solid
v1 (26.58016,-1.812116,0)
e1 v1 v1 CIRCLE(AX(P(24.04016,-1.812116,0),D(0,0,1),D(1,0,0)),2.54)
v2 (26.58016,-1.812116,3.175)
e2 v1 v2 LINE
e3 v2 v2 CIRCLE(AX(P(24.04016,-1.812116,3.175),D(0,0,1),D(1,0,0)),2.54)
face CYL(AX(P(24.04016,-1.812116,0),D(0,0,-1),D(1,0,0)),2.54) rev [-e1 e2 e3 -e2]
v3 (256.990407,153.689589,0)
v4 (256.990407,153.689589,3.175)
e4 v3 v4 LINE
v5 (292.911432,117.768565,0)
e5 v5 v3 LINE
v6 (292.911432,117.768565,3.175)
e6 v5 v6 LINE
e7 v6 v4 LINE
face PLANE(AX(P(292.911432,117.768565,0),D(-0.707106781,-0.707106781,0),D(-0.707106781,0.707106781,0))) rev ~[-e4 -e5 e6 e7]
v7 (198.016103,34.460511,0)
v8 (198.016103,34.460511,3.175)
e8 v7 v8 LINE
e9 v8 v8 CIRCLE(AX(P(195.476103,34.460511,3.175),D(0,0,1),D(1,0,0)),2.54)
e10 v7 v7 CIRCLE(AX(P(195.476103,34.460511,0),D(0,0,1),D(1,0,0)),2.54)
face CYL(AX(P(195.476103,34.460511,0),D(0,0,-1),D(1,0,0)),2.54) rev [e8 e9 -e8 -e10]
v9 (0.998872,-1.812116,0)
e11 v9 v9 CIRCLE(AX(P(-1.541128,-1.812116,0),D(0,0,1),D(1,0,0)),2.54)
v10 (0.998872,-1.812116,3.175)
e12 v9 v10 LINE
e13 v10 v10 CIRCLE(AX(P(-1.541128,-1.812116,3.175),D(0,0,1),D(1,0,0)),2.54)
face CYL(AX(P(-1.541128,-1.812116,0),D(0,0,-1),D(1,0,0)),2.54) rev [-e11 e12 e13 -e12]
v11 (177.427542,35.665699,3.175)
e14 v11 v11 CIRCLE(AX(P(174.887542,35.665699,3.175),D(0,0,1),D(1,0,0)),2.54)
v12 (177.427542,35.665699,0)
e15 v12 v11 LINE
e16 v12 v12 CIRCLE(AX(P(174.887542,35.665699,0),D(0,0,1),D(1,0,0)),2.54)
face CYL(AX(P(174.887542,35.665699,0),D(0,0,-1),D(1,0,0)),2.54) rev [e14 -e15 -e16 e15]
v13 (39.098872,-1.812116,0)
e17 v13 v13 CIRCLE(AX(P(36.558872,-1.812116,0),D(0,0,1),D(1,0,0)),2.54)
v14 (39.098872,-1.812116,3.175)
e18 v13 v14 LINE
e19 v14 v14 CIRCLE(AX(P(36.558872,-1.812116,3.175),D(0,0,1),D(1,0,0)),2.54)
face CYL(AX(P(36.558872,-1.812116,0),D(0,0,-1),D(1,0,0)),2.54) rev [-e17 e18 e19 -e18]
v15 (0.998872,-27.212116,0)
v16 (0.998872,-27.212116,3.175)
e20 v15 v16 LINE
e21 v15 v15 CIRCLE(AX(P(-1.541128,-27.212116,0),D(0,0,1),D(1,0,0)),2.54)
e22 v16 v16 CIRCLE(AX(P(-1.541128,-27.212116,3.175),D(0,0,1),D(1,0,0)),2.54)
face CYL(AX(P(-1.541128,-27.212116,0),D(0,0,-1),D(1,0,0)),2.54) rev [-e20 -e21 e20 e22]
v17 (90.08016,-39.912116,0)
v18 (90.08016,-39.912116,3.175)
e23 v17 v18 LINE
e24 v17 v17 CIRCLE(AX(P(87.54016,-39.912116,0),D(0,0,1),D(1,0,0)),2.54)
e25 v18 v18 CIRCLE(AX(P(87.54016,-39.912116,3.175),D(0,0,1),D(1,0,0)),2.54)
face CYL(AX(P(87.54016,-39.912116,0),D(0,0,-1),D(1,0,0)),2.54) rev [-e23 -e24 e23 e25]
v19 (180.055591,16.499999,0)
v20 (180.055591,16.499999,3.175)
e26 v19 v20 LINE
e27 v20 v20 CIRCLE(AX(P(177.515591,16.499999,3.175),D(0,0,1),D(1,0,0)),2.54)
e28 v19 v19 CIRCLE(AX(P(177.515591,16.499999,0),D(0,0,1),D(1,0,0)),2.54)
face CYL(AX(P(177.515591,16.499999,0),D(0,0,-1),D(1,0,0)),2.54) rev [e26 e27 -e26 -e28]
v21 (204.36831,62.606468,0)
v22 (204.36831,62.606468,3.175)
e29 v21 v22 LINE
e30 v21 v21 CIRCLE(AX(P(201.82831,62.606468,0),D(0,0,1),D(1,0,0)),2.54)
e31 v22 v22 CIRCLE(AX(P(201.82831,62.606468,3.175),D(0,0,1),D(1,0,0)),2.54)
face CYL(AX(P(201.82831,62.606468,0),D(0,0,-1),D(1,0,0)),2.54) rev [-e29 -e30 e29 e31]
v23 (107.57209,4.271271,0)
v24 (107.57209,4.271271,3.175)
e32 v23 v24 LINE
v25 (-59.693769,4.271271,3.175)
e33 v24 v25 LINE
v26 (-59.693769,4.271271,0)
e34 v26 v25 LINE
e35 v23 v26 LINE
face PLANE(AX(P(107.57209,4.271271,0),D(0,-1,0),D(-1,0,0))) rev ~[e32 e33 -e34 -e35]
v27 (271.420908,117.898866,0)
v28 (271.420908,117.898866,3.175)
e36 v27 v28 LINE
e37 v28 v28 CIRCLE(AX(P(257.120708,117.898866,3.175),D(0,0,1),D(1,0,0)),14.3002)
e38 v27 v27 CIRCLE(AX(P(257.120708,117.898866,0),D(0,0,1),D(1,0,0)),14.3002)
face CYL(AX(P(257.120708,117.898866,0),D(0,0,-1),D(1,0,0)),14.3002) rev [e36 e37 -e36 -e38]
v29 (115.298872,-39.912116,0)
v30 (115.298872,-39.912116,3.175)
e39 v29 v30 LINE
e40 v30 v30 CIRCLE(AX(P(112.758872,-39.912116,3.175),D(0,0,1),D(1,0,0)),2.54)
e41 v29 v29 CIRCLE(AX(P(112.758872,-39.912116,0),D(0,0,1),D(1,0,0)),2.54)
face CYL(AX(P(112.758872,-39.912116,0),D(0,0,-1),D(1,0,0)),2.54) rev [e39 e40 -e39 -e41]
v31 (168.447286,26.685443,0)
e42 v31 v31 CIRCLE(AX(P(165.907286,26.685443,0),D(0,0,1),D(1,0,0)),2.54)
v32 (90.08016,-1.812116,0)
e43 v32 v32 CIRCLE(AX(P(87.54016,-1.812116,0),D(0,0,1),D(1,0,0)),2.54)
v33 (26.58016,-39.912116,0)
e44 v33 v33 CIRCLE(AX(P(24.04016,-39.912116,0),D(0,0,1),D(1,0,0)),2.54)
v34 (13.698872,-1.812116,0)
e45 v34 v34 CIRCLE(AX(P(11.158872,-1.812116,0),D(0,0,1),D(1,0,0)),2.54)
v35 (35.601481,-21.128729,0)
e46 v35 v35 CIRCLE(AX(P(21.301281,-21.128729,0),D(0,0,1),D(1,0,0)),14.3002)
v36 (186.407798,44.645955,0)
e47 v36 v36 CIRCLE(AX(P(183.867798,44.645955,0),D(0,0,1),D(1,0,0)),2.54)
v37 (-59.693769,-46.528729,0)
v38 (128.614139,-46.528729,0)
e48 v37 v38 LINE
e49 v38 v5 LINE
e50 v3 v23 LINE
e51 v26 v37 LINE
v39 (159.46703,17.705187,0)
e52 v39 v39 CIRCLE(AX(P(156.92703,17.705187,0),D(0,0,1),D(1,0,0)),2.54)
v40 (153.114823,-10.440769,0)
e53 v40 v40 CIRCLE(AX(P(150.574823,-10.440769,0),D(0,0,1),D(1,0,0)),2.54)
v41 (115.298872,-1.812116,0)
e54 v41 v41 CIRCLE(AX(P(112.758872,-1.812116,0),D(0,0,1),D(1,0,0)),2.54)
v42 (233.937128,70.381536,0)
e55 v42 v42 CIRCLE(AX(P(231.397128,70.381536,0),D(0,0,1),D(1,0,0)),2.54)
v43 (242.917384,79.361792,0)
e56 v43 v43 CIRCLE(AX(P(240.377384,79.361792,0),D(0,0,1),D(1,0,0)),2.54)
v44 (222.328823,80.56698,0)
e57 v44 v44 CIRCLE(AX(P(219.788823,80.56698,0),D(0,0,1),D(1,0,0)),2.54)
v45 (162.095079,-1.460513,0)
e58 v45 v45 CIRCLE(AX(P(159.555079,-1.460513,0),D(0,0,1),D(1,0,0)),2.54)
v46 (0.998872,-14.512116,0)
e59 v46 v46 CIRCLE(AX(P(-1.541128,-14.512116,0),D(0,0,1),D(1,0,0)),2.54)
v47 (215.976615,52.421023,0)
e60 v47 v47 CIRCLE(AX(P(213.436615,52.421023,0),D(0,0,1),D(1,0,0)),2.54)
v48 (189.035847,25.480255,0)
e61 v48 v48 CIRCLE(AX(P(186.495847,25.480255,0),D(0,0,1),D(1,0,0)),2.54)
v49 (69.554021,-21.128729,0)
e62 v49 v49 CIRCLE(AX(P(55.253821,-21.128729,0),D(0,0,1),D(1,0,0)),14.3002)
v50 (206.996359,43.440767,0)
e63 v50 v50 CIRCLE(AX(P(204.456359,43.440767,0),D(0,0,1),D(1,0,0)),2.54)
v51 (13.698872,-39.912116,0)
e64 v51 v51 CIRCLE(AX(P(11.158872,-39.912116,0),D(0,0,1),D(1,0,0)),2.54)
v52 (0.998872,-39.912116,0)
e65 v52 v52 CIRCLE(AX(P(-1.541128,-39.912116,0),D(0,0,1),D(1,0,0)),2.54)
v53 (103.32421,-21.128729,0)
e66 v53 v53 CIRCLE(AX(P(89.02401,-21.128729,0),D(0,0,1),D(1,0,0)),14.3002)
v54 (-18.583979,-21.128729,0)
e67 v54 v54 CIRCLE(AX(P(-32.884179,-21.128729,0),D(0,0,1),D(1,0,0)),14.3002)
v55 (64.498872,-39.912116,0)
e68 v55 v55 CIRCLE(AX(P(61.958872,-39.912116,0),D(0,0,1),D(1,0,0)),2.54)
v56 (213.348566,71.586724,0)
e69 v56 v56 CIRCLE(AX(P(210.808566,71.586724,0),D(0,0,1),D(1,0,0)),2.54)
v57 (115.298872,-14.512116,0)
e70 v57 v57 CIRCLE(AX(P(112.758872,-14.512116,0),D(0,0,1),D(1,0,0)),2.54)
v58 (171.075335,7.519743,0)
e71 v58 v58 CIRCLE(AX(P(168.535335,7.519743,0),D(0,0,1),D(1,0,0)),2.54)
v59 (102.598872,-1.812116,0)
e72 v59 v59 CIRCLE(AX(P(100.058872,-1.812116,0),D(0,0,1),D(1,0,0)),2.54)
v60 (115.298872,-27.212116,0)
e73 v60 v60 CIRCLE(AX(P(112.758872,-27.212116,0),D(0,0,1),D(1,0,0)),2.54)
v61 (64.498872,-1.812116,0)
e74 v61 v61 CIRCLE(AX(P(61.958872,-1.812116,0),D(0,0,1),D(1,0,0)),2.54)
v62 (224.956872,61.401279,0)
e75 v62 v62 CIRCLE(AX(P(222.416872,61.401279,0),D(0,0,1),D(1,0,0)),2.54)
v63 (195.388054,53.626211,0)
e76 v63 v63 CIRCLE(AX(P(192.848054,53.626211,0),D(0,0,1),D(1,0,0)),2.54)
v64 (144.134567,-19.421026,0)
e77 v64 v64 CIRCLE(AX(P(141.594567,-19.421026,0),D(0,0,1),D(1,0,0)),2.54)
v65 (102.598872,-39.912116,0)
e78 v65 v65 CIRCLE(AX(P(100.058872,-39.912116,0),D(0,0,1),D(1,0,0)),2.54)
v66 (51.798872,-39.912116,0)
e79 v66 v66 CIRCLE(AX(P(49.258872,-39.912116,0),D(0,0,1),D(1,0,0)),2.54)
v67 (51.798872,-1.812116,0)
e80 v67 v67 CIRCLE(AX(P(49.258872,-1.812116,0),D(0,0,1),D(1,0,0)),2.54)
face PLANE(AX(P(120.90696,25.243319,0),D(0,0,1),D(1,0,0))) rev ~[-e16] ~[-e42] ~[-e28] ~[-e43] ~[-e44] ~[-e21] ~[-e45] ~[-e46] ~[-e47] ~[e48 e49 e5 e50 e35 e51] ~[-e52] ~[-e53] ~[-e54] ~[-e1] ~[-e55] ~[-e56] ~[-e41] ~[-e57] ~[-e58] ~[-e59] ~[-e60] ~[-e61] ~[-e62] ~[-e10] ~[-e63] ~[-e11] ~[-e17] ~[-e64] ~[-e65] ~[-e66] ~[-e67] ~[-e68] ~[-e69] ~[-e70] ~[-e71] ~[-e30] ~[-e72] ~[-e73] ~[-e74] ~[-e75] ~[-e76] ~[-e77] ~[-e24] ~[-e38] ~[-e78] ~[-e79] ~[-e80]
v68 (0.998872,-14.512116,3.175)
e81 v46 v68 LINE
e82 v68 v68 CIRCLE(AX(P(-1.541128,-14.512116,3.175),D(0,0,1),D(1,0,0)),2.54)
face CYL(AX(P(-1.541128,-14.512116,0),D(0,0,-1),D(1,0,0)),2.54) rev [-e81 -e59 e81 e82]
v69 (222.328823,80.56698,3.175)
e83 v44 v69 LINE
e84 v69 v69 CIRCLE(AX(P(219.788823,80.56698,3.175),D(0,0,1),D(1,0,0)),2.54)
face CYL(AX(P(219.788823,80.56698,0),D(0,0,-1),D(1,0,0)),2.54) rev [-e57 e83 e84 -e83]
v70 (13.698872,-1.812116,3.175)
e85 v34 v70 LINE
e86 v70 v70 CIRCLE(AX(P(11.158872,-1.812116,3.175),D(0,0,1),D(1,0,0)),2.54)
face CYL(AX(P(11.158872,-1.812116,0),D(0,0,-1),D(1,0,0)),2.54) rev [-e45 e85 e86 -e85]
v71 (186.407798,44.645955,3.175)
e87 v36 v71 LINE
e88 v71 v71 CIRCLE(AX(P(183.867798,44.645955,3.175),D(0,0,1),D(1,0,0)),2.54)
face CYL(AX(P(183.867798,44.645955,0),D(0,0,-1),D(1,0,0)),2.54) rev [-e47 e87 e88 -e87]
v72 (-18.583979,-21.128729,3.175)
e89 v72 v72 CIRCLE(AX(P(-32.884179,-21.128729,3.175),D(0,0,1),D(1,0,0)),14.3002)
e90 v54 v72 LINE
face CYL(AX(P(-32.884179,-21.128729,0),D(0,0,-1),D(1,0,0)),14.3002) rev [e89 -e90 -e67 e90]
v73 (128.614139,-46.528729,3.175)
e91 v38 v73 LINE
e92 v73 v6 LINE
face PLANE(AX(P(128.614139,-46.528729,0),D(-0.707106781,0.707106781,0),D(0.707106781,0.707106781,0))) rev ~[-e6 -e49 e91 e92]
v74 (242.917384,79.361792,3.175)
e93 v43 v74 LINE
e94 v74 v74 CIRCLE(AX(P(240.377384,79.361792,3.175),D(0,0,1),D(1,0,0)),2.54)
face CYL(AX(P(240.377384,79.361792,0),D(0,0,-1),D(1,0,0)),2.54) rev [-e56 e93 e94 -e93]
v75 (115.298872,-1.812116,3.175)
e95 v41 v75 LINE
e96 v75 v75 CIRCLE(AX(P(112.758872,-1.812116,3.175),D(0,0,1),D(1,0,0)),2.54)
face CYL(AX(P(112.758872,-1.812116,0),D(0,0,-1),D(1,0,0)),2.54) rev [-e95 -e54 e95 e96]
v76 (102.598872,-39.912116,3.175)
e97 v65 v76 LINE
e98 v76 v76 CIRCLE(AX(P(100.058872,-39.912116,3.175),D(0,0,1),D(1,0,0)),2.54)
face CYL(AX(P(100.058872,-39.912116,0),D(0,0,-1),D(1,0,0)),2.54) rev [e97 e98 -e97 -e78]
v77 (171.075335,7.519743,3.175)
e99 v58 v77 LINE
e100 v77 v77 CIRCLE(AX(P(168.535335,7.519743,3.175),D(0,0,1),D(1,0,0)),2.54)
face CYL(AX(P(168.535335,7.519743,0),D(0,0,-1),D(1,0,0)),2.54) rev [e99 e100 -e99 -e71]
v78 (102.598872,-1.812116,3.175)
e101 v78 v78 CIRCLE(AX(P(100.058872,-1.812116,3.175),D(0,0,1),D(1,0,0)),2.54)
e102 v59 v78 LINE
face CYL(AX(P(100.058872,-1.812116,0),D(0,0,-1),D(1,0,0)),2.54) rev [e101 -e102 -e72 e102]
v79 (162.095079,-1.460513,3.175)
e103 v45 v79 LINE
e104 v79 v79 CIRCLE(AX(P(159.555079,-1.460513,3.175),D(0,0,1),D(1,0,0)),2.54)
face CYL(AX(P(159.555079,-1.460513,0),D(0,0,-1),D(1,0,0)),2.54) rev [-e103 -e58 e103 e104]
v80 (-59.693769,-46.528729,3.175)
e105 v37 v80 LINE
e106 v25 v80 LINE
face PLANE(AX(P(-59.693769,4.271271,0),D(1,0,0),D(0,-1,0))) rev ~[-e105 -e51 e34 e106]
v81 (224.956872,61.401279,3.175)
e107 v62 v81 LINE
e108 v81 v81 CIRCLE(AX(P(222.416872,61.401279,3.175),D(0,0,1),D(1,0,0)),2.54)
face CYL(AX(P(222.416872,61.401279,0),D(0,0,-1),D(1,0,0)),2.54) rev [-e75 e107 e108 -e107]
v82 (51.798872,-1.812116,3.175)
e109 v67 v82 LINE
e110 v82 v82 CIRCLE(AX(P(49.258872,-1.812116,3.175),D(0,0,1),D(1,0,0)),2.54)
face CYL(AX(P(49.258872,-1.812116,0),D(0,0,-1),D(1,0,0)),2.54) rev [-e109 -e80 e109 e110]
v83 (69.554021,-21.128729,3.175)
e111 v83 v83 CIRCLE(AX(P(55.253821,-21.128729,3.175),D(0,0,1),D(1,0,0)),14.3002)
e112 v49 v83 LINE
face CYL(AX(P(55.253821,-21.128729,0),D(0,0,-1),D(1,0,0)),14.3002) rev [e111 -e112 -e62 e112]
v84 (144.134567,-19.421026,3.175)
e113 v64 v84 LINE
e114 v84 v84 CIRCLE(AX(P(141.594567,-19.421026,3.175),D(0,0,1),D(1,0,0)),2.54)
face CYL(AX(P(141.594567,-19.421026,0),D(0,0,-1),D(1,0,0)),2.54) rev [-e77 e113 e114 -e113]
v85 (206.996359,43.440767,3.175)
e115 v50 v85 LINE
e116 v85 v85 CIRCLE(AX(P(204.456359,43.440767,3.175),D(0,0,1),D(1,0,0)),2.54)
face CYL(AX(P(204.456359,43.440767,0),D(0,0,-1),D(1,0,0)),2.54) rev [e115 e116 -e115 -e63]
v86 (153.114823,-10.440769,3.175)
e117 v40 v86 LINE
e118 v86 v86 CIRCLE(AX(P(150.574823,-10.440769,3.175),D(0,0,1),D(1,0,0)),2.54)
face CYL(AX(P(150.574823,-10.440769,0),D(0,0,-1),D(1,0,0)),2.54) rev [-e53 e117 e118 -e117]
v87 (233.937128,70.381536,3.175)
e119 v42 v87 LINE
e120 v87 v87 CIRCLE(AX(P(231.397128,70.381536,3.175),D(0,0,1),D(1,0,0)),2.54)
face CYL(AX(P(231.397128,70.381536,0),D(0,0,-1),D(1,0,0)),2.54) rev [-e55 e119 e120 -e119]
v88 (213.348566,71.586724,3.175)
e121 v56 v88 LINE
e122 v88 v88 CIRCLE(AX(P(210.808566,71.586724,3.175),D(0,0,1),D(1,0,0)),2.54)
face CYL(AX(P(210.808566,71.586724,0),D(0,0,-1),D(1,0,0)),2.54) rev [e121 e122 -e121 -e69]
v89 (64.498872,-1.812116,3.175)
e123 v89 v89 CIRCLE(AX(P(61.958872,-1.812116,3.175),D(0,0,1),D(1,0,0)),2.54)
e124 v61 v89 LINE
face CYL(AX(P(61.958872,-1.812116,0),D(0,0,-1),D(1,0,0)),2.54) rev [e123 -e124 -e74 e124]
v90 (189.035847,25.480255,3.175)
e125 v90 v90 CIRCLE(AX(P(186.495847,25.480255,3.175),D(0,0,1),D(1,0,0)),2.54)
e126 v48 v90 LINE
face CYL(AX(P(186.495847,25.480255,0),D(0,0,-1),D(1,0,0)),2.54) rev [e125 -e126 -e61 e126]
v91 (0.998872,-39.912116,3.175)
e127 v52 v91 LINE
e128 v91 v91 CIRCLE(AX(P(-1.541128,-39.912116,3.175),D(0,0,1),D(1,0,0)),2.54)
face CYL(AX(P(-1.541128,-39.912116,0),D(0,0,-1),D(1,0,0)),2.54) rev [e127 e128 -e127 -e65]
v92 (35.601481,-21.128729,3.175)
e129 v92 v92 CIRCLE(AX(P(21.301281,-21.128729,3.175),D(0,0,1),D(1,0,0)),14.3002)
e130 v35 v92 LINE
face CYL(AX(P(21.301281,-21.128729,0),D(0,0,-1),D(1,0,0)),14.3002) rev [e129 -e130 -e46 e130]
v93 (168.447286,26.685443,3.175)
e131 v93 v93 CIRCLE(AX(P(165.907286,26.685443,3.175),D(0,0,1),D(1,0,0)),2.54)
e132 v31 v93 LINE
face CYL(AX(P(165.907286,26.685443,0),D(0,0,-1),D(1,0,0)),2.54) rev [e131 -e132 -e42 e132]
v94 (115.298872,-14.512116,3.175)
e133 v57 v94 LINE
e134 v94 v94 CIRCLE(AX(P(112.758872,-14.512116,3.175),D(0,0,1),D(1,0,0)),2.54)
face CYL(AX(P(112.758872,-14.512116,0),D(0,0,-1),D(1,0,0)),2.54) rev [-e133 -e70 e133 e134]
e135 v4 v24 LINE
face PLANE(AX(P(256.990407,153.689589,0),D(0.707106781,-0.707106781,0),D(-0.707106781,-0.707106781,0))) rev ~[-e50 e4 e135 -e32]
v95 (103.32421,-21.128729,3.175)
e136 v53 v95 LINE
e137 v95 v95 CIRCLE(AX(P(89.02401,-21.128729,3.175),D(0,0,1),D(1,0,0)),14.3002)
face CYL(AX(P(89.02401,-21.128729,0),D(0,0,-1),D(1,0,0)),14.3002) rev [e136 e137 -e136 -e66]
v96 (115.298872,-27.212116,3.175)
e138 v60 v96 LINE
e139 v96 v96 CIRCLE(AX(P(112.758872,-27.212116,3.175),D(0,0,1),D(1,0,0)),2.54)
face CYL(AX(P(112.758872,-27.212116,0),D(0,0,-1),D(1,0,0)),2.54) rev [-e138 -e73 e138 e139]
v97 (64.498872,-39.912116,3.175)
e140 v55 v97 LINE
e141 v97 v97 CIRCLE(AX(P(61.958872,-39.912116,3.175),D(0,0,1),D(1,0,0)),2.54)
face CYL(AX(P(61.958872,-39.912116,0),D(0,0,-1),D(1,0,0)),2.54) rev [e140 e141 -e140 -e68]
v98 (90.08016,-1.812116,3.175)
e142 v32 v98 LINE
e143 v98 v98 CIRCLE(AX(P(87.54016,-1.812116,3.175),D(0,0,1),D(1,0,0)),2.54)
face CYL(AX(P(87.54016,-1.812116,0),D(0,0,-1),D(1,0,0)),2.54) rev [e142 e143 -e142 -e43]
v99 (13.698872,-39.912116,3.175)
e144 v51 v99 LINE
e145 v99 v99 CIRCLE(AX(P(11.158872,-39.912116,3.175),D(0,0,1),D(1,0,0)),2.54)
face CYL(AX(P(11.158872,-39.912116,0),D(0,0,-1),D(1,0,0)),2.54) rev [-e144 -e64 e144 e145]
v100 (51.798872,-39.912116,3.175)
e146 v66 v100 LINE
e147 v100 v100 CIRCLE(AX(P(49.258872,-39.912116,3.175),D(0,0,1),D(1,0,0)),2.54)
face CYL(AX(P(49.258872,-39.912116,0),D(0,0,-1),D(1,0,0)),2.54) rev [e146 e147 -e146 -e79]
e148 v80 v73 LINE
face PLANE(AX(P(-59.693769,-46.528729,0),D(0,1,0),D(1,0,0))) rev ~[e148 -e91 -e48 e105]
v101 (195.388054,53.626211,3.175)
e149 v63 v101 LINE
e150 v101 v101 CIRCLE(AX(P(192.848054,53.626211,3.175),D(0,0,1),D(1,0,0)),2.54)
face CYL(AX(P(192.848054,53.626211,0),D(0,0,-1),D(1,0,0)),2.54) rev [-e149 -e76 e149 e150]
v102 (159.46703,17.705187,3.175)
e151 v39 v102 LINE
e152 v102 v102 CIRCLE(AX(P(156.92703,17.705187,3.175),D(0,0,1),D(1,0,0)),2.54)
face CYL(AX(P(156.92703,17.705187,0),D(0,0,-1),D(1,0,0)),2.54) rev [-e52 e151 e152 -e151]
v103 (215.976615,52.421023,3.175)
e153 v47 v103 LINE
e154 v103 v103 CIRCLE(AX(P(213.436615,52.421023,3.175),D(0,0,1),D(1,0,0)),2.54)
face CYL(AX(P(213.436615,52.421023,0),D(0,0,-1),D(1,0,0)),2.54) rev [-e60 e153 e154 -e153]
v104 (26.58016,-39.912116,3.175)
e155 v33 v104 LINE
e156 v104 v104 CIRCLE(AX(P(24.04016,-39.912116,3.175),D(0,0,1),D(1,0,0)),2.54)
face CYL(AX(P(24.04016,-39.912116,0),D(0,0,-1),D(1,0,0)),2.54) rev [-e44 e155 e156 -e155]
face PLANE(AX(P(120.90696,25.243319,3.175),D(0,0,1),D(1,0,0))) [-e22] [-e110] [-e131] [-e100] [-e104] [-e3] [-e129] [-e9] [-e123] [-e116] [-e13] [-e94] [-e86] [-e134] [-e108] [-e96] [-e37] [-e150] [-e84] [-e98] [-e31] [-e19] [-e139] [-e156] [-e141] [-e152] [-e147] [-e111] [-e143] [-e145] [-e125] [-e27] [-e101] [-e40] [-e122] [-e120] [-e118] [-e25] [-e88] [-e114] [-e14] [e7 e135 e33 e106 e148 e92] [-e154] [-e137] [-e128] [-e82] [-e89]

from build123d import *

# Parameters (mm, degrees)
SKETCH1_R           = 2.54
SKETCH1_R_2         = 14.3002
BOSS_EXTRUDE1_DEPTH = 3.175


with BuildPart() as part:
    # Sketch1 → Boss-Extrude1 (new body)
    with BuildSketch(Plane.XY):
        Polygon((-59.693768546, 4.271271353), (-59.693768546, -46.528728647), (128.614138554, -46.528728647), (292.911431822, 117.768564621), (256.990407338, 153.689589105), (107.572089586, 4.271271353), align=None)
        with Locations((141.594566523, -19.421025607)):
            Circle(SKETCH1_R, mode=Mode.SUBTRACT)
        with Locations((150.574822644, -10.440769486)):
            Circle(SKETCH1_R, mode=Mode.SUBTRACT)
        with Locations((159.555078765, -1.460513365)):
            Circle(SKETCH1_R, mode=Mode.SUBTRACT)
        with Locations((168.535334886, 7.519742756)):
            Circle(SKETCH1_R, mode=Mode.SUBTRACT)
        with Locations((177.515591007, 16.499998877)):
            Circle(SKETCH1_R, mode=Mode.SUBTRACT)
        with Locations((186.495847129, 25.480254999)):
            Circle(SKETCH1_R, mode=Mode.SUBTRACT)
        with Locations((195.47610325, 34.46051112)):
            Circle(SKETCH1_R, mode=Mode.SUBTRACT)
        with Locations((204.456359371, 43.440767241)):
            Circle(SKETCH1_R, mode=Mode.SUBTRACT)
        with Locations((213.436615492, 52.421023362)):
            Circle(SKETCH1_R, mode=Mode.SUBTRACT)
        with Locations((222.416871613, 61.401279483)):
            Circle(SKETCH1_R, mode=Mode.SUBTRACT)
        with Locations((231.397127734, 70.381535604)):
            Circle(SKETCH1_R, mode=Mode.SUBTRACT)
        with Locations((240.377383855, 79.361791725)):
            Circle(SKETCH1_R, mode=Mode.SUBTRACT)
        with Locations((11.158871814, -1.812116048)):
            Circle(SKETCH1_R, mode=Mode.SUBTRACT)
        with Locations((24.040159799, -1.812116048)):
            Circle(SKETCH1_R, mode=Mode.SUBTRACT)
        with Locations((36.558871814, -1.812116048)):
            Circle(SKETCH1_R, mode=Mode.SUBTRACT)
        with Locations((49.258871814, -1.812116048)):
            Circle(SKETCH1_R, mode=Mode.SUBTRACT)
        with Locations((61.958871814, -1.812116048)):
            Circle(SKETCH1_R, mode=Mode.SUBTRACT)
        with Locations((87.540159799, -1.812116048)):
            Circle(SKETCH1_R, mode=Mode.SUBTRACT)
        with Locations((100.058871814, -1.812116048)):
            Circle(SKETCH1_R, mode=Mode.SUBTRACT)
        with Locations((112.758871814, -1.812116048)):
            Circle(SKETCH1_R, mode=Mode.SUBTRACT)
        with Locations((112.758871814, -14.512116048)):
            Circle(SKETCH1_R, mode=Mode.SUBTRACT)
        with Locations((112.758871814, -27.212116048)):
            Circle(SKETCH1_R, mode=Mode.SUBTRACT)
        with Locations((112.758871814, -39.912116048)):
            Circle(SKETCH1_R, mode=Mode.SUBTRACT)
        with Locations((100.058871814, -39.912116048)):
            Circle(SKETCH1_R, mode=Mode.SUBTRACT)
        with Locations((87.540159799, -39.912116048)):
            Circle(SKETCH1_R, mode=Mode.SUBTRACT)
        with Locations((61.958871814, -39.912116048)):
            Circle(SKETCH1_R, mode=Mode.SUBTRACT)
        with Locations((49.258871814, -39.912116048)):
            Circle(SKETCH1_R, mode=Mode.SUBTRACT)
        with Locations((24.040159799, -39.912116048)):
            Circle(SKETCH1_R, mode=Mode.SUBTRACT)
        with Locations((11.158871814, -39.912116048)):
            Circle(SKETCH1_R, mode=Mode.SUBTRACT)
        with Locations((-1.541128186, -39.912116048)):
            Circle(SKETCH1_R, mode=Mode.SUBTRACT)
        with Locations((-1.541128186, -27.212116048)):
            Circle(SKETCH1_R, mode=Mode.SUBTRACT)
        with Locations((-1.541128186, -14.512116048)):
            Circle(SKETCH1_R, mode=Mode.SUBTRACT)
        with Locations((-1.541128186, -1.812116048)):
            Circle(SKETCH1_R, mode=Mode.SUBTRACT)
        with Locations((55.2538213, -21.128728647)):
            Circle(SKETCH1_R_2, mode=Mode.SUBTRACT)
        with Locations((-32.8841787, -21.128728647)):
            Circle(SKETCH1_R_2, mode=Mode.SUBTRACT)
        with Locations((257.120708411, 117.898865694)):
            Circle(SKETCH1_R_2, mode=Mode.SUBTRACT)
        with Locations((21.301280743, -21.128728647)):
            Circle(SKETCH1_R_2, mode=Mode.SUBTRACT)
        with Locations((89.0240103, -21.128728647)):
            Circle(SKETCH1_R_2, mode=Mode.SUBTRACT)
        with Locations((156.927029711, 17.705186994)):
            Circle(SKETCH1_R, mode=Mode.SUBTRACT)
        with Locations((165.907285832, 26.685443115)):
            Circle(SKETCH1_R, mode=Mode.SUBTRACT)
        with Locations((174.887541953, 35.665699236)):
            Circle(SKETCH1_R, mode=Mode.SUBTRACT)
        with Locations((183.867798074, 44.645955357)):
            Circle(SKETCH1_R, mode=Mode.SUBTRACT)
        with Locations((192.848054195, 53.626211478)):
            Circle(SKETCH1_R, mode=Mode.SUBTRACT)
        with Locations((201.828310316, 62.606467599)):
            Circle(SKETCH1_R, mode=Mode.SUBTRACT)
        with Locations((210.808566437, 71.58672372)):
            Circle(SKETCH1_R, mode=Mode.SUBTRACT)
        with Locations((219.788822558, 80.566979841)):
            Circle(SKETCH1_R, mode=Mode.SUBTRACT)
    extrude(amount=BOSS_EXTRUDE1_DEPTH)


solid = part.part
